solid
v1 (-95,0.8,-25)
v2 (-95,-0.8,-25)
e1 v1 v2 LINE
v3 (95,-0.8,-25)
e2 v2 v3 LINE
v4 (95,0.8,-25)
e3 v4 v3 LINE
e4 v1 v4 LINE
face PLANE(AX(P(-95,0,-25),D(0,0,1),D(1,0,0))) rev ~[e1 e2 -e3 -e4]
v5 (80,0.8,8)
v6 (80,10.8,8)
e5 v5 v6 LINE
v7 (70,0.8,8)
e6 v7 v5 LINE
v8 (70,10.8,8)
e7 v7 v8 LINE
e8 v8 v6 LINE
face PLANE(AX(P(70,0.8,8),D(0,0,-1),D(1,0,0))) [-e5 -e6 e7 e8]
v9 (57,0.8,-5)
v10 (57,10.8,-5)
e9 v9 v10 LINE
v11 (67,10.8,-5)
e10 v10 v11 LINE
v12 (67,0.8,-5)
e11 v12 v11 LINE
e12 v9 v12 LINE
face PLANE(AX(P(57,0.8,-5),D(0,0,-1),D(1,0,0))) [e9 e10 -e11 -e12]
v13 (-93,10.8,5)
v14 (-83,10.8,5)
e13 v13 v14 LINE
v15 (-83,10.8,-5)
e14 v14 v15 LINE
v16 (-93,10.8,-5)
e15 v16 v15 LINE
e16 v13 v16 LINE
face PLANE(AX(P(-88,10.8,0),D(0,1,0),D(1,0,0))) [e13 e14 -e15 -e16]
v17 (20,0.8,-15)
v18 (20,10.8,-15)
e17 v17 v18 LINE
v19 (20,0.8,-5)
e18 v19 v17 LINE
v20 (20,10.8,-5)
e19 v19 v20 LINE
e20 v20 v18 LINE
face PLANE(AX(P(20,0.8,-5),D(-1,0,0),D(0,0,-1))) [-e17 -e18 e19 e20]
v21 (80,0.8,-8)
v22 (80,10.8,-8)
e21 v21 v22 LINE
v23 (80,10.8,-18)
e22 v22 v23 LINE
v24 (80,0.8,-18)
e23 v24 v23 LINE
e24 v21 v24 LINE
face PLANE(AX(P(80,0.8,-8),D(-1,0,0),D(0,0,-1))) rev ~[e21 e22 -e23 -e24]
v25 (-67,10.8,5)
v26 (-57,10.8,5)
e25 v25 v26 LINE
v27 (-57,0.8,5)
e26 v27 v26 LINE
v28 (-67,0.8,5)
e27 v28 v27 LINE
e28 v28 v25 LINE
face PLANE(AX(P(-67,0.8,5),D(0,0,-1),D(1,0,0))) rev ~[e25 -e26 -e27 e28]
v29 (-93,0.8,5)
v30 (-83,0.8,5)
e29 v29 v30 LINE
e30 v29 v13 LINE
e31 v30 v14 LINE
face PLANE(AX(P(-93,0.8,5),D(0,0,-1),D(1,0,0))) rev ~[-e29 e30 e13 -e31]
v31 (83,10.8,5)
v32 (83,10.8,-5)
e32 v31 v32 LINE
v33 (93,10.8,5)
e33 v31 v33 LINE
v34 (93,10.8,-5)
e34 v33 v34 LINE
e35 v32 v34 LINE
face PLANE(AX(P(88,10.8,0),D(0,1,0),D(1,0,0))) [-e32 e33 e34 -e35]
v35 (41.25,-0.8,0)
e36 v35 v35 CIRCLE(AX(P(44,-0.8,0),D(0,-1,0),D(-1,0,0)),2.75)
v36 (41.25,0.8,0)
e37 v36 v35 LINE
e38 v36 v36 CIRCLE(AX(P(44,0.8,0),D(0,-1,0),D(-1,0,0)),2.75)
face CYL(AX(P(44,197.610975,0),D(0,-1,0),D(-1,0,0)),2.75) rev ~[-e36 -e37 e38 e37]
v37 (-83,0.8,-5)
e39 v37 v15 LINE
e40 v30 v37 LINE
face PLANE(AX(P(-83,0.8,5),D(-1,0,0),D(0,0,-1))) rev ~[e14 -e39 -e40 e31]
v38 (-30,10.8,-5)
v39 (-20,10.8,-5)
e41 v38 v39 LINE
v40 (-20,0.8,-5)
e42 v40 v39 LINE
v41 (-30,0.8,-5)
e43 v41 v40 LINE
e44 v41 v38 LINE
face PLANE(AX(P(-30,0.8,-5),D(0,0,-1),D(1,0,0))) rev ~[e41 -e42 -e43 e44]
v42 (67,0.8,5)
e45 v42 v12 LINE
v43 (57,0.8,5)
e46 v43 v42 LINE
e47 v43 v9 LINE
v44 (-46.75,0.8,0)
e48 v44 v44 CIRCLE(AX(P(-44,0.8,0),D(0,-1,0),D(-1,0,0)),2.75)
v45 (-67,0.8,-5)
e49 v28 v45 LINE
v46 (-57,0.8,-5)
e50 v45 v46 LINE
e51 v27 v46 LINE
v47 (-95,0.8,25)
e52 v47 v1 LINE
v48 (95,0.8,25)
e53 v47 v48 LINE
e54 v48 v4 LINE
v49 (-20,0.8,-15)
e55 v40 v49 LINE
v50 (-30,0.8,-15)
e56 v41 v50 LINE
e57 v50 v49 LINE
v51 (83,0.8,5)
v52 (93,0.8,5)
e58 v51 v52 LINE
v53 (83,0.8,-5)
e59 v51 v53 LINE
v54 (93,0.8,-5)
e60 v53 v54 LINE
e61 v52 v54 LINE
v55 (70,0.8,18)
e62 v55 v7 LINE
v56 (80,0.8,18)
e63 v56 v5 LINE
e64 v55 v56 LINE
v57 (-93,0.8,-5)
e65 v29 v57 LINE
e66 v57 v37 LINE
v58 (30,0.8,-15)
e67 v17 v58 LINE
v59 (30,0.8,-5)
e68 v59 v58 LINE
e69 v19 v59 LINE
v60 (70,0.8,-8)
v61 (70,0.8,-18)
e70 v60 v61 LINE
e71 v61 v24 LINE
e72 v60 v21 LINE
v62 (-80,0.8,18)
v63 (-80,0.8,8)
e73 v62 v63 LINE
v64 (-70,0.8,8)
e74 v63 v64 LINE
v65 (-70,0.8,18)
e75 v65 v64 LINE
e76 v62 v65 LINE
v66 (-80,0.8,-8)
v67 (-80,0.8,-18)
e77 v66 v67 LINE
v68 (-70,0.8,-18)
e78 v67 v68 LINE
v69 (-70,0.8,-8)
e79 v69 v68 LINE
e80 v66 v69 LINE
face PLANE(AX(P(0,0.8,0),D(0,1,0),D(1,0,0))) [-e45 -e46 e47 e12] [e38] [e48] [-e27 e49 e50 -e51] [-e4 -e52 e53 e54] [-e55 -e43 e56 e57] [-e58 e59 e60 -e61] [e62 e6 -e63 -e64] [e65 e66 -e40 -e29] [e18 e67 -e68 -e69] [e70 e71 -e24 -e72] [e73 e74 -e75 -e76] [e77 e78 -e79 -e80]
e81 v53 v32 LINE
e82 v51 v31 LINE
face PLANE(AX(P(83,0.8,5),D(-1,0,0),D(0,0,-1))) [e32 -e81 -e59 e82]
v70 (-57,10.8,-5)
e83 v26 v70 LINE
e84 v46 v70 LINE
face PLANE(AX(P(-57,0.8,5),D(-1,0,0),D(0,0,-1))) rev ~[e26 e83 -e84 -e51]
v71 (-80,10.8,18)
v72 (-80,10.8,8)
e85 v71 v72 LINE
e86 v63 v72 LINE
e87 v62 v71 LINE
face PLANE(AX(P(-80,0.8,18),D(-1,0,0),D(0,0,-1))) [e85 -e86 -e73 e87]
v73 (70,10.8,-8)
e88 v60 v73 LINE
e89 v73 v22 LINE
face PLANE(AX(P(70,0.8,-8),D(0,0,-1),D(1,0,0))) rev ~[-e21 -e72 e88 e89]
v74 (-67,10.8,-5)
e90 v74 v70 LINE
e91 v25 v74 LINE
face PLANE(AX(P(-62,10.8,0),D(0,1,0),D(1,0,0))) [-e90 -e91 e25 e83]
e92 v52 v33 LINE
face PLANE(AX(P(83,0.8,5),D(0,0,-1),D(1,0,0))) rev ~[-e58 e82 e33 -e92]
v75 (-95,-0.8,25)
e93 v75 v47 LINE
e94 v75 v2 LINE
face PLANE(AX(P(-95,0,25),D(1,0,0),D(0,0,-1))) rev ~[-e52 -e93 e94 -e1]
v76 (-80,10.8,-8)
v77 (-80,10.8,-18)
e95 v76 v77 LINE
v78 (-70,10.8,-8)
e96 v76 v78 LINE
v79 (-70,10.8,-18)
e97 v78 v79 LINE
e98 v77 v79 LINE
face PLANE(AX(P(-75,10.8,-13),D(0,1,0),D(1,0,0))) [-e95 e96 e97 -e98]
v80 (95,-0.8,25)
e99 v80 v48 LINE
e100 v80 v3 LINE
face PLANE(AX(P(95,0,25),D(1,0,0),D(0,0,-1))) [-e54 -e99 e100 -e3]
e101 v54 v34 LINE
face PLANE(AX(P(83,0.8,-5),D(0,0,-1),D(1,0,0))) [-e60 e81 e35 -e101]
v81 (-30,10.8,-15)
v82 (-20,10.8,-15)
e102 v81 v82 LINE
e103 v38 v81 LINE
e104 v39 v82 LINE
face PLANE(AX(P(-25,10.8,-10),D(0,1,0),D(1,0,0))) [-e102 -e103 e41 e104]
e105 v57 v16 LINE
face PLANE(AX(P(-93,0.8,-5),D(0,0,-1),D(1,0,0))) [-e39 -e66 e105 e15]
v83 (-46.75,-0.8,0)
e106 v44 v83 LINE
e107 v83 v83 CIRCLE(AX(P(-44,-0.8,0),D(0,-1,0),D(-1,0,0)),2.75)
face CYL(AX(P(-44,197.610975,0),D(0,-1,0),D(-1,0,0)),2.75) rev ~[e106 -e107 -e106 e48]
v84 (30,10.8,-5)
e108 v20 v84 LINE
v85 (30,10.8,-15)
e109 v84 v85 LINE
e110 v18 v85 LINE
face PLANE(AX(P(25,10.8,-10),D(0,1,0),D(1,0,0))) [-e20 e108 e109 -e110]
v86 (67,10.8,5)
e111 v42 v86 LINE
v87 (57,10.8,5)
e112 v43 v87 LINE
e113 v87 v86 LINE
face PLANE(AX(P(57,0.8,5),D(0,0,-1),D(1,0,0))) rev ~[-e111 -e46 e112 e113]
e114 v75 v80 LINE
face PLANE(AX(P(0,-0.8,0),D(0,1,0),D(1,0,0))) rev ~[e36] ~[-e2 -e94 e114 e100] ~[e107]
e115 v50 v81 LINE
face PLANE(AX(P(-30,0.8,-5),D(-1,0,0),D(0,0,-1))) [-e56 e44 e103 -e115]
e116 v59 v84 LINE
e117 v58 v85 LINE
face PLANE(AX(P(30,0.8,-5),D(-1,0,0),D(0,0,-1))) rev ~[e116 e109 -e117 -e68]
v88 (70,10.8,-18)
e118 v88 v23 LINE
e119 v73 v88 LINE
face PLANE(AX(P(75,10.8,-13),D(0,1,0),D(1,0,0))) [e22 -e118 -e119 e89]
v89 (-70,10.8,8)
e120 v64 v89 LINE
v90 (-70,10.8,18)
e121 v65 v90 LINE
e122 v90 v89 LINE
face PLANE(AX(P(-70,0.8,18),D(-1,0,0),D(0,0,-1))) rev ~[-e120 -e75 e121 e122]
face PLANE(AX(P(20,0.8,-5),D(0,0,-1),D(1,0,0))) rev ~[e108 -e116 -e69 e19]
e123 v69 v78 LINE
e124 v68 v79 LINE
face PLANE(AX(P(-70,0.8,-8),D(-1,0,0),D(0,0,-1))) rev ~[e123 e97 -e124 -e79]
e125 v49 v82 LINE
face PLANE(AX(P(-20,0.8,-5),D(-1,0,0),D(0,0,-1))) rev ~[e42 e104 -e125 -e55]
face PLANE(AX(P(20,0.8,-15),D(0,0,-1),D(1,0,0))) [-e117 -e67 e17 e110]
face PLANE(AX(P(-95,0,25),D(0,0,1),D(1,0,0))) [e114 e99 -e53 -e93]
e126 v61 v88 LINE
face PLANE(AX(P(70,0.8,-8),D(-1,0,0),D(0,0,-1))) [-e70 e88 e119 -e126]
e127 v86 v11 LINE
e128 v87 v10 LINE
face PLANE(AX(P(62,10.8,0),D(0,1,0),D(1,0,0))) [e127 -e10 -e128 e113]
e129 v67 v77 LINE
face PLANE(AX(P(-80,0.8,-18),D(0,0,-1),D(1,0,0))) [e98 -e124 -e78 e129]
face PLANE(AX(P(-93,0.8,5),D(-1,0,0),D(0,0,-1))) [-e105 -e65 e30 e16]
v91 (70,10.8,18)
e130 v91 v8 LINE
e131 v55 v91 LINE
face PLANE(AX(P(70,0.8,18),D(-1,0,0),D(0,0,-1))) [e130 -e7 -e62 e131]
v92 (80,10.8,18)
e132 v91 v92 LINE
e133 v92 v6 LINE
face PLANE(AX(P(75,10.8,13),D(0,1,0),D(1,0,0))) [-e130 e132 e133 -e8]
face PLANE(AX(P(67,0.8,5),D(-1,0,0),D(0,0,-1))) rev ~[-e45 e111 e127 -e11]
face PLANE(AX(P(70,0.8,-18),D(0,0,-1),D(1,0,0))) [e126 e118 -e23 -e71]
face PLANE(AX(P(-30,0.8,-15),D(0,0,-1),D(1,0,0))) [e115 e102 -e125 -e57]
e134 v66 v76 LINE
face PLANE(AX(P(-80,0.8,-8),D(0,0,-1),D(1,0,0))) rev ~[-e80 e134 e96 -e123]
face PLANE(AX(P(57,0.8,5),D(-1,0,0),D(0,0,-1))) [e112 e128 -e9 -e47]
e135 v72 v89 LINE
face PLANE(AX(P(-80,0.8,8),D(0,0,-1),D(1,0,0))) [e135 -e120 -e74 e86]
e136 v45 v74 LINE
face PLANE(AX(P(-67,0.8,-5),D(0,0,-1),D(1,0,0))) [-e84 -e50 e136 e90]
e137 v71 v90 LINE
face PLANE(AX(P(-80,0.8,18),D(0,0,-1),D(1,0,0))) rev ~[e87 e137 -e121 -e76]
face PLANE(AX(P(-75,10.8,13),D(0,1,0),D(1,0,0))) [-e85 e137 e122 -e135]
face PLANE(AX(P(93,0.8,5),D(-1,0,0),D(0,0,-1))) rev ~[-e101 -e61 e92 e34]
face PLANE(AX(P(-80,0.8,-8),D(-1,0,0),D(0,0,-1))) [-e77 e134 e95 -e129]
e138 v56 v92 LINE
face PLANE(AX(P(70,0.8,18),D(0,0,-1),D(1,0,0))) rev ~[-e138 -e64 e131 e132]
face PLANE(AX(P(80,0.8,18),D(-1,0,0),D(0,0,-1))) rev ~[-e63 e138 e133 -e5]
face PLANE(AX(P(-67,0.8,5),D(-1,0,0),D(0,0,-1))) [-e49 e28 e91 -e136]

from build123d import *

# Parameters (mm, degrees)
SKETCH1_W            = 190
SKETCH1_H            = 50
BASE_DEPTH           = 0.8
SKETCH2_W            = 10
SKETCH2_H            = 10
SWITCHES_DEPTH       = 10
M5_CLEARANCE_HOLE1_D = 5.5


with BuildPart() as part:
    # Sketch1 → Base (new body, symmetric)
    with BuildSketch(Plane(origin=(0, 0, 0), x_dir=(1, 0, 0), z_dir=(0, 1, 0))):
        Rectangle(SKETCH1_W, SKETCH1_H)
    extrude(amount=BASE_DEPTH, both=True)

    # Sketch2 → Switches (add)
    with BuildSketch(Plane(origin=(0, 0.8, 0), x_dir=(1, 0, 0), z_dir=(0, 1, 0))):
        with Locations((-62, 0)):
            Rectangle(SKETCH2_W, SKETCH2_H)
        with Locations((-75, 13)):
            Rectangle(SKETCH2_W, SKETCH2_H)
        with Locations((-75, -13)):
            Rectangle(SKETCH2_W, SKETCH2_H)
        with Locations((-88, 0)):
            Rectangle(SKETCH2_W, SKETCH2_H)
        with Locations((-25, 10)):
            Rectangle(SKETCH2_W, SKETCH2_H)
        with Locations((25, 10)):
            Rectangle(SKETCH2_W, SKETCH2_H)
        with Locations((88, 0)):
            Rectangle(SKETCH2_W, SKETCH2_H)
        with Locations((75, -13)):
            Rectangle(SKETCH2_W, SKETCH2_H)
        with Locations((62, 0)):
            Rectangle(SKETCH2_W, SKETCH2_H)
        with Locations((75, 13)):
            Rectangle(SKETCH2_W, SKETCH2_H)
    extrude(amount=SWITCHES_DEPTH)

    # M5 Clearance Hole1 (through all)
    with Locations(Plane(origin=(0, 0.8, 0), x_dir=(1, 0, 0), z_dir=(0, 1, 0))):
        with Locations((-44, 0), (44, 0)):
            Hole(M5_CLEARANCE_HOLE1_D / 2)


solid = part.part
